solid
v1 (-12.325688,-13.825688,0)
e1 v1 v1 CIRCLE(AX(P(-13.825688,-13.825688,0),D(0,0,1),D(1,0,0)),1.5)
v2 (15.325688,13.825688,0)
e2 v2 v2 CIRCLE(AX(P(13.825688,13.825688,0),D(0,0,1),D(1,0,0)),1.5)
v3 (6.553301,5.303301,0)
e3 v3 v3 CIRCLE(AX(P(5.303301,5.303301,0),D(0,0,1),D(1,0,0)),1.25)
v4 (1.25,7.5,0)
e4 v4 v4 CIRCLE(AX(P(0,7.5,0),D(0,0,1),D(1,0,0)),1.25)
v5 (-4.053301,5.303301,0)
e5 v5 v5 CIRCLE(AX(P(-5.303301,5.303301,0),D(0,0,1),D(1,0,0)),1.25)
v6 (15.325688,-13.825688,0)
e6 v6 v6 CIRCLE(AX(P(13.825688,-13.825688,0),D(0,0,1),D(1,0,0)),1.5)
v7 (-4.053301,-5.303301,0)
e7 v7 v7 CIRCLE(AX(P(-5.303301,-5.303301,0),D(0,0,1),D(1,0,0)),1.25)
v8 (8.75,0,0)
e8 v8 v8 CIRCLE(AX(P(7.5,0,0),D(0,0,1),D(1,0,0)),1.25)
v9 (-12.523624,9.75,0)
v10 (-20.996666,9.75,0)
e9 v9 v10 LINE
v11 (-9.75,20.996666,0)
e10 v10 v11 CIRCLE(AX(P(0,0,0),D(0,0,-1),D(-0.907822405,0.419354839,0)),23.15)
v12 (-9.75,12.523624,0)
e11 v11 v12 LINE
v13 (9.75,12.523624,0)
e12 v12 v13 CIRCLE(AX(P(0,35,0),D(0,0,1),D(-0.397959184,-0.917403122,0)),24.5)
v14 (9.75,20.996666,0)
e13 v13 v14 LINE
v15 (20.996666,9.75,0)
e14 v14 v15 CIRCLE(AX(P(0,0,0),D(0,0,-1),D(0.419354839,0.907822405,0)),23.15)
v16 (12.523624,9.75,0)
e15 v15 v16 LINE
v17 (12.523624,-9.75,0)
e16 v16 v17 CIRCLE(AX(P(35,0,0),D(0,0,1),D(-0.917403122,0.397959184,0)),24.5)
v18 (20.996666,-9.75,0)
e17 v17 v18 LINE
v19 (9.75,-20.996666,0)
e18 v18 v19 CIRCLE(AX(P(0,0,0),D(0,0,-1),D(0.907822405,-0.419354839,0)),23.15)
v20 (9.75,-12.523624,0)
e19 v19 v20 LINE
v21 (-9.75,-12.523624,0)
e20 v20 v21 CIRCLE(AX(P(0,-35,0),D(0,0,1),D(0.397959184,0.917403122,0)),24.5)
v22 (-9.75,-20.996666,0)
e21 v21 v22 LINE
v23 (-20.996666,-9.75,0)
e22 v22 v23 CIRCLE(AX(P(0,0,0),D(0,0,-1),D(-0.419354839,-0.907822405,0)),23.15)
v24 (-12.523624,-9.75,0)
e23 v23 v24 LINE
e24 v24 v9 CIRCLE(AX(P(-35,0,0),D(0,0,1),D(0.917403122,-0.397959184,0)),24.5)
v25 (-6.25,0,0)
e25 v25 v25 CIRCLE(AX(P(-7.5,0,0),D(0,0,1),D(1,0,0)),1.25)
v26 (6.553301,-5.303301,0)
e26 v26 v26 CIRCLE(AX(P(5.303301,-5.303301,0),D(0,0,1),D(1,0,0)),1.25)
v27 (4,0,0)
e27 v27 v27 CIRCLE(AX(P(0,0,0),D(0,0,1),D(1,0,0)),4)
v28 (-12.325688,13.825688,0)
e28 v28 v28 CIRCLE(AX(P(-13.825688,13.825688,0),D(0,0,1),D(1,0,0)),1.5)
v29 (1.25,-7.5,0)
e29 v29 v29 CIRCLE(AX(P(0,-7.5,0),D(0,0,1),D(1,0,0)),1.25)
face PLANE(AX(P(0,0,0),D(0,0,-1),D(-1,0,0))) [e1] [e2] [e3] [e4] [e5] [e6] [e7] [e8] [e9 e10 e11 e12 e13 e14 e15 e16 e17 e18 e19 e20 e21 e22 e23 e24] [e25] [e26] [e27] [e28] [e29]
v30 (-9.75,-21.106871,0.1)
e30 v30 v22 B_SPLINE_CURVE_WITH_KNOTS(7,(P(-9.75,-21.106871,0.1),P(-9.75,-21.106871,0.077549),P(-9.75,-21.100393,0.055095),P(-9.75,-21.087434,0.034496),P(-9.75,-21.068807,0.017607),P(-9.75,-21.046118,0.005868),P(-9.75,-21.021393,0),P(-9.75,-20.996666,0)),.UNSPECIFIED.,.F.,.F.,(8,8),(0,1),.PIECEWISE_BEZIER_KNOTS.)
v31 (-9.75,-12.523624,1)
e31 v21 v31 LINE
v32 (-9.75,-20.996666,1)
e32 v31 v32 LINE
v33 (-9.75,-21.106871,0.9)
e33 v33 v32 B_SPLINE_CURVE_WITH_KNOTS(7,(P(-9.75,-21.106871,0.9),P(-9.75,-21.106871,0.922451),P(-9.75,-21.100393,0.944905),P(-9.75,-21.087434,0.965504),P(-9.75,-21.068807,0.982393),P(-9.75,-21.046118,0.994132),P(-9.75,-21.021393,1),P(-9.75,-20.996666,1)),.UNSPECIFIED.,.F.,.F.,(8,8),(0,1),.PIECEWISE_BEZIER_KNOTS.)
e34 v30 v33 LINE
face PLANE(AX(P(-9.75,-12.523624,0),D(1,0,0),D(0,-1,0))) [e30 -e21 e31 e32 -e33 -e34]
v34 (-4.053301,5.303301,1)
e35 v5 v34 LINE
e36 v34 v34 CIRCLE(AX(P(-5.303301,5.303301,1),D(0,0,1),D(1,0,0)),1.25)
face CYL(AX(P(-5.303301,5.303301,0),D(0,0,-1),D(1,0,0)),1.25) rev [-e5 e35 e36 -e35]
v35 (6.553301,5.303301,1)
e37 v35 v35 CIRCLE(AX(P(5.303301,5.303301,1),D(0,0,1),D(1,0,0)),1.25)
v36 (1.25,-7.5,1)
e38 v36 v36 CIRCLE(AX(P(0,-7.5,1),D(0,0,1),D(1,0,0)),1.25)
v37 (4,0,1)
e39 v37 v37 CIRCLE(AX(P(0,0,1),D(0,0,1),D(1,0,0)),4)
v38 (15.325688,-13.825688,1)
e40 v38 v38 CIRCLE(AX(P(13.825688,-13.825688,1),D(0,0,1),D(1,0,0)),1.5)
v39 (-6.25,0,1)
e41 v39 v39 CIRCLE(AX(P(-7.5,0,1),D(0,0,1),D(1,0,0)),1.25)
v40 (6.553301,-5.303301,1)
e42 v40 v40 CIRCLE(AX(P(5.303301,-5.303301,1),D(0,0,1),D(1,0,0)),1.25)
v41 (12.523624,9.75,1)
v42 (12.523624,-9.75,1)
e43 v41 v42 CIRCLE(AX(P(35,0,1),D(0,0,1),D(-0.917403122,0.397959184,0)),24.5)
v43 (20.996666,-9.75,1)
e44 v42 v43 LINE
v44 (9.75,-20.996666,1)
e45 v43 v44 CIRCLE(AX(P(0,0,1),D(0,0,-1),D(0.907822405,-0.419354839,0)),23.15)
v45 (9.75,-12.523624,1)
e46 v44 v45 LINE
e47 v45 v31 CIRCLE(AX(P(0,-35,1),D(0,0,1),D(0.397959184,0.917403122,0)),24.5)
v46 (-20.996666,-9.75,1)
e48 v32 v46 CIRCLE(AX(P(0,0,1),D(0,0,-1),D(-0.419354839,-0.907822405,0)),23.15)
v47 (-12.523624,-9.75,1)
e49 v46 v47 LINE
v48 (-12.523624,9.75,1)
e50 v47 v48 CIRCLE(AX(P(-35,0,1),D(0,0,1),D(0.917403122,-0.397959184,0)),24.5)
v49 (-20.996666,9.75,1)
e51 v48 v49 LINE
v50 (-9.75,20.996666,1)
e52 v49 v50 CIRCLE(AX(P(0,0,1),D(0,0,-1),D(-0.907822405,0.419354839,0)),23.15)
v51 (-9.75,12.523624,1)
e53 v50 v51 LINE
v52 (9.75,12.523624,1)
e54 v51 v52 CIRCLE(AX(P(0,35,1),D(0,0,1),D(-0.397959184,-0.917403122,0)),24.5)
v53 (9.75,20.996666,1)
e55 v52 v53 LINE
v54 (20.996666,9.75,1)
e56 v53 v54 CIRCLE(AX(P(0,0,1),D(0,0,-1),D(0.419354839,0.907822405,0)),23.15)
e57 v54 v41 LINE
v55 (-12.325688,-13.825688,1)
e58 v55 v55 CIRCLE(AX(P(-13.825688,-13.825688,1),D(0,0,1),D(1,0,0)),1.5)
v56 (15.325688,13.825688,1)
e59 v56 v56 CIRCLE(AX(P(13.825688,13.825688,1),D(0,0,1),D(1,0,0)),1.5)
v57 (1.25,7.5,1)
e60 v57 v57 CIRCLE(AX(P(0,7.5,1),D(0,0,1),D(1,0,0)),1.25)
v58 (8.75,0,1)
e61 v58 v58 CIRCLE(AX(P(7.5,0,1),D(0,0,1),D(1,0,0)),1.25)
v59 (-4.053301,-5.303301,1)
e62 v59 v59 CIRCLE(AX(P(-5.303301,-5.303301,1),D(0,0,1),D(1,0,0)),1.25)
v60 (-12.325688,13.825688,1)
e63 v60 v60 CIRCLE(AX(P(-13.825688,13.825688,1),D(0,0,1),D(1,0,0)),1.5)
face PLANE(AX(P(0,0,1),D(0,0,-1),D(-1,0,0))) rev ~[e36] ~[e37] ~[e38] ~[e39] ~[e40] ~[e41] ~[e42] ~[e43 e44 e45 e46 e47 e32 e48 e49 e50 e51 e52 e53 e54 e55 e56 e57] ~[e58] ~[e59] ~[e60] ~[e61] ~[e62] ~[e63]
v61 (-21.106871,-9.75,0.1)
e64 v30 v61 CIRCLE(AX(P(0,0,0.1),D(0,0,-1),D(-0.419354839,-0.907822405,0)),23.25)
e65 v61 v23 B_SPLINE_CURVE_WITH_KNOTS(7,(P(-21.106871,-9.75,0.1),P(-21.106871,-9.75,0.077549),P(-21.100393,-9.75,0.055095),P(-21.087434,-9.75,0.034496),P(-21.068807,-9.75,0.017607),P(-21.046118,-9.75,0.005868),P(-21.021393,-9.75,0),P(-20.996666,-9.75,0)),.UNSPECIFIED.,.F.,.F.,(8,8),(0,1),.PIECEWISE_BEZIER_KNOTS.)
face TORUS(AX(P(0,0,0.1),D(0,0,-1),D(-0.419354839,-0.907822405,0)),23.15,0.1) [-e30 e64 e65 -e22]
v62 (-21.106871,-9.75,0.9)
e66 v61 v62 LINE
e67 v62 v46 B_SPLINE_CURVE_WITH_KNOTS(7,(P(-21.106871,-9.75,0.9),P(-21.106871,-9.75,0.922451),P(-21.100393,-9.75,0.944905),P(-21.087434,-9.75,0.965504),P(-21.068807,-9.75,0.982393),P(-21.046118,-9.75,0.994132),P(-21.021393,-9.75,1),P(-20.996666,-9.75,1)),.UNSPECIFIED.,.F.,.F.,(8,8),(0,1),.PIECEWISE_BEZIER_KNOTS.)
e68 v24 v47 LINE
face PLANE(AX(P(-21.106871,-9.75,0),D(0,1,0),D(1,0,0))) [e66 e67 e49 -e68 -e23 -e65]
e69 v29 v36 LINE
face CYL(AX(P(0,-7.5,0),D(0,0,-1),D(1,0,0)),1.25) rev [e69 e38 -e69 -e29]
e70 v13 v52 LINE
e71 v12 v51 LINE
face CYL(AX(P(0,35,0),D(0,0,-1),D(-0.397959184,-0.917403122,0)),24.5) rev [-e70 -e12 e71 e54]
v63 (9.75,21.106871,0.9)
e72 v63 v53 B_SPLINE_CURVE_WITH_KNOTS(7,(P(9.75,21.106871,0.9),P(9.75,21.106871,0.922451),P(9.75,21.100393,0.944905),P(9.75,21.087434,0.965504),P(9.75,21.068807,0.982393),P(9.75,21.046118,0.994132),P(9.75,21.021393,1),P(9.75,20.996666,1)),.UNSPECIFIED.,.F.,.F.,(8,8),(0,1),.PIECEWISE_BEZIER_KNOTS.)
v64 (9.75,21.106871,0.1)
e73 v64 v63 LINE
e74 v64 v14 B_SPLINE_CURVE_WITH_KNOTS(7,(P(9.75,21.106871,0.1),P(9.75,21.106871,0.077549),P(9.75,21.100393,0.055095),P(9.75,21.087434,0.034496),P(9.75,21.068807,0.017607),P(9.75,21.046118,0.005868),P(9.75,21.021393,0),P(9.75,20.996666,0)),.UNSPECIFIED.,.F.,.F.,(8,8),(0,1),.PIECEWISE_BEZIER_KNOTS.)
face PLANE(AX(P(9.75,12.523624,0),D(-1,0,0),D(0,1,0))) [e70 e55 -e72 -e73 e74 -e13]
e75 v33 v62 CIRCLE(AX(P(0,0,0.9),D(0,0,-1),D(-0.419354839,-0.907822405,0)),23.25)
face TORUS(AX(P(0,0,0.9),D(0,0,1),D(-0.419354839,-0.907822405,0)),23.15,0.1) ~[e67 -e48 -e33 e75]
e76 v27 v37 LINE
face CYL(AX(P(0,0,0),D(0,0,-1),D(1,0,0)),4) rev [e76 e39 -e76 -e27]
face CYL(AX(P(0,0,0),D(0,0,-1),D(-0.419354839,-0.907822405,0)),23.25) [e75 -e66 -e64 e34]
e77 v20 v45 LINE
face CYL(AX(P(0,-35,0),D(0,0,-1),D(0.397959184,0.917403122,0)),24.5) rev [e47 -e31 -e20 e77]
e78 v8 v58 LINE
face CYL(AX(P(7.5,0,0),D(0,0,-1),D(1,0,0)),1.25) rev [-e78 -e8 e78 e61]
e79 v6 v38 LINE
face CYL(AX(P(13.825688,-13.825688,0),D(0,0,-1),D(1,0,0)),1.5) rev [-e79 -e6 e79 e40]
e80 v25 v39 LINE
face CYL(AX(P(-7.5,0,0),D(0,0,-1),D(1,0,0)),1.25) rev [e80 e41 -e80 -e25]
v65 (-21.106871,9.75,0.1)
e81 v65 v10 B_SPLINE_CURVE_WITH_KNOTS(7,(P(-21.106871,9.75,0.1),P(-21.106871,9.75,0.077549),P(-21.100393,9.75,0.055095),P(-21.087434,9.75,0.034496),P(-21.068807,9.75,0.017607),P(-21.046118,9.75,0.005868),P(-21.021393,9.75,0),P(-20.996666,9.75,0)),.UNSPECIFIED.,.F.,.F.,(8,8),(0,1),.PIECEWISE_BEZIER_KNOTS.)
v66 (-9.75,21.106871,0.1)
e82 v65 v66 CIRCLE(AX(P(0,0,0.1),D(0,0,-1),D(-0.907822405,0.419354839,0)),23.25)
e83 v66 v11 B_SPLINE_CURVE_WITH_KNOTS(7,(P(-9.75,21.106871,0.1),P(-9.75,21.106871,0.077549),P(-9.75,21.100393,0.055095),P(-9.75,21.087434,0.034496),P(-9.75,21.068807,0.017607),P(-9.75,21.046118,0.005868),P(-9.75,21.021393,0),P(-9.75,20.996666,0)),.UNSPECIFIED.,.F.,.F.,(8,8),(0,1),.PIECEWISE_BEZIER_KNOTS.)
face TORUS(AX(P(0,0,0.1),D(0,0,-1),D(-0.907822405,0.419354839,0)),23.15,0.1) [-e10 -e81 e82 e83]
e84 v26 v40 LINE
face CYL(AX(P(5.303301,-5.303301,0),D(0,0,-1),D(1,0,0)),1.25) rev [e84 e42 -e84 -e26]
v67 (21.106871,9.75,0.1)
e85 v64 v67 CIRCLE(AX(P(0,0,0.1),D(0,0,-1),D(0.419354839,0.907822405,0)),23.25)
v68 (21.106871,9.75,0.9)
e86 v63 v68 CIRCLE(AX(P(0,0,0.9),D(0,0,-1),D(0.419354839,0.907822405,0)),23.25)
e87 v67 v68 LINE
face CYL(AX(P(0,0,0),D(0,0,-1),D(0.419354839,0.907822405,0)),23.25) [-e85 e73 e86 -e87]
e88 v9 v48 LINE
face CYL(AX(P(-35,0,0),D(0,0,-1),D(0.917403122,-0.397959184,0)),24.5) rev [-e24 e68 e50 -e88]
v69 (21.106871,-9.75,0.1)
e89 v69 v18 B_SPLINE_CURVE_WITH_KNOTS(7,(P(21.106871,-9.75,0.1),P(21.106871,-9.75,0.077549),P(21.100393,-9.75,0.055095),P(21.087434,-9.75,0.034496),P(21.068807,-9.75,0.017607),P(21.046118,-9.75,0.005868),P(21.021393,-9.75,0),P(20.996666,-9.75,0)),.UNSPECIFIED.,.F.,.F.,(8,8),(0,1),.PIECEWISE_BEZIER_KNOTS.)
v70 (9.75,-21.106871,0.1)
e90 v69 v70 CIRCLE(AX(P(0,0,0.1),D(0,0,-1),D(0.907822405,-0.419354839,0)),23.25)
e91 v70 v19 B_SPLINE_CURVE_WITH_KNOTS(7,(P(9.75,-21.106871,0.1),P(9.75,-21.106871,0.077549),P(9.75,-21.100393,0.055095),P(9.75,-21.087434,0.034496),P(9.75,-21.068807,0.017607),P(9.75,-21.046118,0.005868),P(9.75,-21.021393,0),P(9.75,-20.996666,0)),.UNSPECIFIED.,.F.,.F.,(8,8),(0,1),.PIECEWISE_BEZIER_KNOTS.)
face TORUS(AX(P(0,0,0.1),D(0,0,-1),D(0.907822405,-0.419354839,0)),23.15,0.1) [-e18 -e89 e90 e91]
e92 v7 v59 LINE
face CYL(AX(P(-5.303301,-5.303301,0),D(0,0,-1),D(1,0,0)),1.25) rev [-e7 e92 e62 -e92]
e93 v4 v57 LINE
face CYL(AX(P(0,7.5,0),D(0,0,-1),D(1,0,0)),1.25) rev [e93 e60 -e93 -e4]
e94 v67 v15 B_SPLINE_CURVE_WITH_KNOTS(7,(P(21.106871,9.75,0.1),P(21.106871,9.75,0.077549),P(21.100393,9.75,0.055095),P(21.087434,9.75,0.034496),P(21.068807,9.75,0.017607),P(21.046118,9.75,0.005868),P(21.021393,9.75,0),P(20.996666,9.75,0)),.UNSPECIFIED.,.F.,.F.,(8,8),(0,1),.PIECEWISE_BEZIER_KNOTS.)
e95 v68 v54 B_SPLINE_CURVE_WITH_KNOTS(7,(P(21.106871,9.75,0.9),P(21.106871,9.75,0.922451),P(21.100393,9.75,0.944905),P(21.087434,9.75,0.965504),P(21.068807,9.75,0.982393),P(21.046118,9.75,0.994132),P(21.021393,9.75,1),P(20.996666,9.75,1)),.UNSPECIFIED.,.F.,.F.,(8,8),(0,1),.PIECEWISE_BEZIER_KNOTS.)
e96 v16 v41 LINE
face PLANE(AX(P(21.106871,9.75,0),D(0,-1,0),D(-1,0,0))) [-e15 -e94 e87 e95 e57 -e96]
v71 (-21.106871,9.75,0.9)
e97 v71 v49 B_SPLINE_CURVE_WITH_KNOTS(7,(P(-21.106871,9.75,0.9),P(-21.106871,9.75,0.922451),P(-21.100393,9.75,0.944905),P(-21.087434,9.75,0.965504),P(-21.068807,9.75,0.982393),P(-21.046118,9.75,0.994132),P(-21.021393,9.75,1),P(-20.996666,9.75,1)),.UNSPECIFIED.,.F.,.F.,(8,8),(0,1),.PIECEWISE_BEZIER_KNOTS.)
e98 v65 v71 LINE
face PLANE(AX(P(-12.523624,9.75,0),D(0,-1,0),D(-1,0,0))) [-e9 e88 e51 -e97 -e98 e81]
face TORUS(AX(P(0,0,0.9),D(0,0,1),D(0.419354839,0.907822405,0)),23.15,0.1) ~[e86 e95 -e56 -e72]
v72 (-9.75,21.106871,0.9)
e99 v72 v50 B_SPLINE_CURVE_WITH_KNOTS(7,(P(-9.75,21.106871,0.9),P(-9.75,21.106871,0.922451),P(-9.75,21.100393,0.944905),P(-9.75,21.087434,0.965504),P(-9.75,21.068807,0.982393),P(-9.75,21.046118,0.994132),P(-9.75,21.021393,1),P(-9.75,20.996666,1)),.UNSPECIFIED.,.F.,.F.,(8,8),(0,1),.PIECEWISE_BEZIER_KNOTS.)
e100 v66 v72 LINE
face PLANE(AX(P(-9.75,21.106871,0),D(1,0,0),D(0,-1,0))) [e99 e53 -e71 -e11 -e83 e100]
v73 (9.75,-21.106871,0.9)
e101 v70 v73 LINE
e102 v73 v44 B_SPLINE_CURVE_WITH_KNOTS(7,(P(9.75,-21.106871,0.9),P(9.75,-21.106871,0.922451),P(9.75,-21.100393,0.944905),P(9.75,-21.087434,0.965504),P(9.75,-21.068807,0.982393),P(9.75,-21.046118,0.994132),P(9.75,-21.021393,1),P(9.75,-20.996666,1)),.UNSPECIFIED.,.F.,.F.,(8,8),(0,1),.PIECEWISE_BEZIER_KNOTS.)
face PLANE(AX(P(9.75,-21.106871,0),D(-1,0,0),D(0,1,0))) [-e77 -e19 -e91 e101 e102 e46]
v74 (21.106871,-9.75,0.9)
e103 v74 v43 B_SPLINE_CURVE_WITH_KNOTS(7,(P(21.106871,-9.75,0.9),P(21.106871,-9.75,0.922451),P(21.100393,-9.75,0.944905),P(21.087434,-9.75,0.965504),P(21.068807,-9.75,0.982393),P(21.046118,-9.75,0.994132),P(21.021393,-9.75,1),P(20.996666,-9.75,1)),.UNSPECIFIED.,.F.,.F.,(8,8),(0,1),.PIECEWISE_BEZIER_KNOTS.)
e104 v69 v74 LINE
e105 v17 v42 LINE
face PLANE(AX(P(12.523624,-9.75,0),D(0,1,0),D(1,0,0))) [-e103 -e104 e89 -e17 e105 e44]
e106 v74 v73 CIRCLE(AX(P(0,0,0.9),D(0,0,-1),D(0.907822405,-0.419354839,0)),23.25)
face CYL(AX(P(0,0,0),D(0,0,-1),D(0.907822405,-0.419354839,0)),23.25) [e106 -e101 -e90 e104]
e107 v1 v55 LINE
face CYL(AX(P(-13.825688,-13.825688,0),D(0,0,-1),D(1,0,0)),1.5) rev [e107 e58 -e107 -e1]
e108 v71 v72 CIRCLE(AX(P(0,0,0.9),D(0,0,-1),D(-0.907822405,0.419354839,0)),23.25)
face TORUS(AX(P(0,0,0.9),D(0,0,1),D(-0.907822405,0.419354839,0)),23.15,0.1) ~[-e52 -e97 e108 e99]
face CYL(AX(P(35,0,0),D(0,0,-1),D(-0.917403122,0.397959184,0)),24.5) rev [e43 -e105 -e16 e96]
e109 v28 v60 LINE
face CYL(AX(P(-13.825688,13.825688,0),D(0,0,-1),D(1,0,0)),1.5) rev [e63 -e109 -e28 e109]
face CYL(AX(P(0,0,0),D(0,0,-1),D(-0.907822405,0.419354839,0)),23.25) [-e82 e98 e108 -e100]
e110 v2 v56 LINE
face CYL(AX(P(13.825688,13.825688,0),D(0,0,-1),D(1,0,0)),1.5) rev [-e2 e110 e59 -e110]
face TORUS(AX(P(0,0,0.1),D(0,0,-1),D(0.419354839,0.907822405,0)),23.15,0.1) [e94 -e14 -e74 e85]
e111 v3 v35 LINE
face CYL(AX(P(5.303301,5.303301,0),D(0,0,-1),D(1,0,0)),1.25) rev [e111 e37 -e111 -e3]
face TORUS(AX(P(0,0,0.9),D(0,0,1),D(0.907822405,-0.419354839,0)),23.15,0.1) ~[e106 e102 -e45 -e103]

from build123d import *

# Parameters (mm, degrees)
SKETCH_1_R      = 4
SKETCH_1_R_2    = 1.25
SKETCH_1_R_3    = 1.5
EXTRUDE_1_DEPTH = 1
FILLET_1_R      = 0.1


with BuildPart() as part:
    # Эскиз1 → Бобышка-Вытянуть1 (new body)
    with BuildSketch(Plane.XY):
        with BuildLine():
            Line((21.106870919, 9.75), (12.523623513, 9.75))
            ThreePointArc((12.523623513, 9.75), (10.5, 0), (12.523623513, -9.75))
            Line((12.523623513, -9.75), (21.106870919, -9.75))
            ThreePointArc((21.106870919, -9.75), (16.440232663, -16.440232663), (9.75, -21.106870919))
            Line((9.75, -21.106870919), (9.75, -12.523623513))
            ThreePointArc((9.75, -12.523623513), (0, -10.5), (-9.75, -12.523623513))
            Line((-9.75, -12.523623513), (-9.75, -21.106870919))
            ThreePointArc((-9.75, -21.106870919), (-16.440232663, -16.440232663), (-21.106870919, -9.75))
            Line((-21.106870919, -9.75), (-12.523623513, -9.75))
            ThreePointArc((-12.523623513, -9.75), (-10.5, 0), (-12.523623513, 9.75))
            Line((-12.523623513, 9.75), (-21.106870919, 9.75))
            ThreePointArc((-21.106870919, 9.75), (-16.440232663, 16.440232663), (-9.75, 21.106870919))
            Line((-9.75, 21.106870919), (-9.75, 12.523623513))
            ThreePointArc((-9.75, 12.523623513), (0, 10.5), (9.75, 12.523623513))
            Line((9.75, 12.523623513), (9.75, 21.106870919))
            ThreePointArc((9.75, 21.106870919), (16.440232663, 16.440232663), (21.106870919, 9.75))
        make_face()
        Circle(SKETCH_1_R, mode=Mode.SUBTRACT)
        with Locations((0, 7.5)):
            Circle(SKETCH_1_R_2, mode=Mode.SUBTRACT)
        with Locations((5.303300859, 5.303300859)):
            Circle(SKETCH_1_R_2, mode=Mode.SUBTRACT)
        with Locations((7.5, 0)):
            Circle(SKETCH_1_R_2, mode=Mode.SUBTRACT)
        with Locations((5.303300859, -5.303300859)):
            Circle(SKETCH_1_R_2, mode=Mode.SUBTRACT)
        with Locations((0, -7.5)):
            Circle(SKETCH_1_R_2, mode=Mode.SUBTRACT)
        with Locations((-5.303300859, -5.303300859)):
            Circle(SKETCH_1_R_2, mode=Mode.SUBTRACT)
        with Locations((-7.5, 0)):
            Circle(SKETCH_1_R_2, mode=Mode.SUBTRACT)
        with Locations((-5.303300859, 5.303300859)):
            Circle(SKETCH_1_R_2, mode=Mode.SUBTRACT)
        with Locations((13.825687912, 13.825687912)):
            Circle(SKETCH_1_R_3, mode=Mode.SUBTRACT)
        with Locations((13.825687912, -13.825687912)):
            Circle(SKETCH_1_R_3, mode=Mode.SUBTRACT)
        with Locations((-13.825687912, -13.825687912)):
            Circle(SKETCH_1_R_3, mode=Mode.SUBTRACT)
        with Locations((-13.825687912, 13.825687912)):
            Circle(SKETCH_1_R_3, mode=Mode.SUBTRACT)
    extrude(amount=EXTRUDE_1_DEPTH)

    # Скругление1
    fillet_1_edges = [part.edges().sort_by_distance(p)[0] for p in [
        (16.440232663, 16.440232663, 1),
        (16.440232663, -16.440232663, 0),
        (-16.440232663, -16.440232663, 0),
        (-16.440232663, 16.440232663, 0),
        (16.440232663, 16.440232663, 0),
        (-16.440232663, 16.440232663, 1),
        (-16.440232663, -16.440232663, 1),
        (16.440232663, -16.440232663, 1),
    ]]
    fillet(fillet_1_edges, radius=FILLET_1_R)


solid = part.part
